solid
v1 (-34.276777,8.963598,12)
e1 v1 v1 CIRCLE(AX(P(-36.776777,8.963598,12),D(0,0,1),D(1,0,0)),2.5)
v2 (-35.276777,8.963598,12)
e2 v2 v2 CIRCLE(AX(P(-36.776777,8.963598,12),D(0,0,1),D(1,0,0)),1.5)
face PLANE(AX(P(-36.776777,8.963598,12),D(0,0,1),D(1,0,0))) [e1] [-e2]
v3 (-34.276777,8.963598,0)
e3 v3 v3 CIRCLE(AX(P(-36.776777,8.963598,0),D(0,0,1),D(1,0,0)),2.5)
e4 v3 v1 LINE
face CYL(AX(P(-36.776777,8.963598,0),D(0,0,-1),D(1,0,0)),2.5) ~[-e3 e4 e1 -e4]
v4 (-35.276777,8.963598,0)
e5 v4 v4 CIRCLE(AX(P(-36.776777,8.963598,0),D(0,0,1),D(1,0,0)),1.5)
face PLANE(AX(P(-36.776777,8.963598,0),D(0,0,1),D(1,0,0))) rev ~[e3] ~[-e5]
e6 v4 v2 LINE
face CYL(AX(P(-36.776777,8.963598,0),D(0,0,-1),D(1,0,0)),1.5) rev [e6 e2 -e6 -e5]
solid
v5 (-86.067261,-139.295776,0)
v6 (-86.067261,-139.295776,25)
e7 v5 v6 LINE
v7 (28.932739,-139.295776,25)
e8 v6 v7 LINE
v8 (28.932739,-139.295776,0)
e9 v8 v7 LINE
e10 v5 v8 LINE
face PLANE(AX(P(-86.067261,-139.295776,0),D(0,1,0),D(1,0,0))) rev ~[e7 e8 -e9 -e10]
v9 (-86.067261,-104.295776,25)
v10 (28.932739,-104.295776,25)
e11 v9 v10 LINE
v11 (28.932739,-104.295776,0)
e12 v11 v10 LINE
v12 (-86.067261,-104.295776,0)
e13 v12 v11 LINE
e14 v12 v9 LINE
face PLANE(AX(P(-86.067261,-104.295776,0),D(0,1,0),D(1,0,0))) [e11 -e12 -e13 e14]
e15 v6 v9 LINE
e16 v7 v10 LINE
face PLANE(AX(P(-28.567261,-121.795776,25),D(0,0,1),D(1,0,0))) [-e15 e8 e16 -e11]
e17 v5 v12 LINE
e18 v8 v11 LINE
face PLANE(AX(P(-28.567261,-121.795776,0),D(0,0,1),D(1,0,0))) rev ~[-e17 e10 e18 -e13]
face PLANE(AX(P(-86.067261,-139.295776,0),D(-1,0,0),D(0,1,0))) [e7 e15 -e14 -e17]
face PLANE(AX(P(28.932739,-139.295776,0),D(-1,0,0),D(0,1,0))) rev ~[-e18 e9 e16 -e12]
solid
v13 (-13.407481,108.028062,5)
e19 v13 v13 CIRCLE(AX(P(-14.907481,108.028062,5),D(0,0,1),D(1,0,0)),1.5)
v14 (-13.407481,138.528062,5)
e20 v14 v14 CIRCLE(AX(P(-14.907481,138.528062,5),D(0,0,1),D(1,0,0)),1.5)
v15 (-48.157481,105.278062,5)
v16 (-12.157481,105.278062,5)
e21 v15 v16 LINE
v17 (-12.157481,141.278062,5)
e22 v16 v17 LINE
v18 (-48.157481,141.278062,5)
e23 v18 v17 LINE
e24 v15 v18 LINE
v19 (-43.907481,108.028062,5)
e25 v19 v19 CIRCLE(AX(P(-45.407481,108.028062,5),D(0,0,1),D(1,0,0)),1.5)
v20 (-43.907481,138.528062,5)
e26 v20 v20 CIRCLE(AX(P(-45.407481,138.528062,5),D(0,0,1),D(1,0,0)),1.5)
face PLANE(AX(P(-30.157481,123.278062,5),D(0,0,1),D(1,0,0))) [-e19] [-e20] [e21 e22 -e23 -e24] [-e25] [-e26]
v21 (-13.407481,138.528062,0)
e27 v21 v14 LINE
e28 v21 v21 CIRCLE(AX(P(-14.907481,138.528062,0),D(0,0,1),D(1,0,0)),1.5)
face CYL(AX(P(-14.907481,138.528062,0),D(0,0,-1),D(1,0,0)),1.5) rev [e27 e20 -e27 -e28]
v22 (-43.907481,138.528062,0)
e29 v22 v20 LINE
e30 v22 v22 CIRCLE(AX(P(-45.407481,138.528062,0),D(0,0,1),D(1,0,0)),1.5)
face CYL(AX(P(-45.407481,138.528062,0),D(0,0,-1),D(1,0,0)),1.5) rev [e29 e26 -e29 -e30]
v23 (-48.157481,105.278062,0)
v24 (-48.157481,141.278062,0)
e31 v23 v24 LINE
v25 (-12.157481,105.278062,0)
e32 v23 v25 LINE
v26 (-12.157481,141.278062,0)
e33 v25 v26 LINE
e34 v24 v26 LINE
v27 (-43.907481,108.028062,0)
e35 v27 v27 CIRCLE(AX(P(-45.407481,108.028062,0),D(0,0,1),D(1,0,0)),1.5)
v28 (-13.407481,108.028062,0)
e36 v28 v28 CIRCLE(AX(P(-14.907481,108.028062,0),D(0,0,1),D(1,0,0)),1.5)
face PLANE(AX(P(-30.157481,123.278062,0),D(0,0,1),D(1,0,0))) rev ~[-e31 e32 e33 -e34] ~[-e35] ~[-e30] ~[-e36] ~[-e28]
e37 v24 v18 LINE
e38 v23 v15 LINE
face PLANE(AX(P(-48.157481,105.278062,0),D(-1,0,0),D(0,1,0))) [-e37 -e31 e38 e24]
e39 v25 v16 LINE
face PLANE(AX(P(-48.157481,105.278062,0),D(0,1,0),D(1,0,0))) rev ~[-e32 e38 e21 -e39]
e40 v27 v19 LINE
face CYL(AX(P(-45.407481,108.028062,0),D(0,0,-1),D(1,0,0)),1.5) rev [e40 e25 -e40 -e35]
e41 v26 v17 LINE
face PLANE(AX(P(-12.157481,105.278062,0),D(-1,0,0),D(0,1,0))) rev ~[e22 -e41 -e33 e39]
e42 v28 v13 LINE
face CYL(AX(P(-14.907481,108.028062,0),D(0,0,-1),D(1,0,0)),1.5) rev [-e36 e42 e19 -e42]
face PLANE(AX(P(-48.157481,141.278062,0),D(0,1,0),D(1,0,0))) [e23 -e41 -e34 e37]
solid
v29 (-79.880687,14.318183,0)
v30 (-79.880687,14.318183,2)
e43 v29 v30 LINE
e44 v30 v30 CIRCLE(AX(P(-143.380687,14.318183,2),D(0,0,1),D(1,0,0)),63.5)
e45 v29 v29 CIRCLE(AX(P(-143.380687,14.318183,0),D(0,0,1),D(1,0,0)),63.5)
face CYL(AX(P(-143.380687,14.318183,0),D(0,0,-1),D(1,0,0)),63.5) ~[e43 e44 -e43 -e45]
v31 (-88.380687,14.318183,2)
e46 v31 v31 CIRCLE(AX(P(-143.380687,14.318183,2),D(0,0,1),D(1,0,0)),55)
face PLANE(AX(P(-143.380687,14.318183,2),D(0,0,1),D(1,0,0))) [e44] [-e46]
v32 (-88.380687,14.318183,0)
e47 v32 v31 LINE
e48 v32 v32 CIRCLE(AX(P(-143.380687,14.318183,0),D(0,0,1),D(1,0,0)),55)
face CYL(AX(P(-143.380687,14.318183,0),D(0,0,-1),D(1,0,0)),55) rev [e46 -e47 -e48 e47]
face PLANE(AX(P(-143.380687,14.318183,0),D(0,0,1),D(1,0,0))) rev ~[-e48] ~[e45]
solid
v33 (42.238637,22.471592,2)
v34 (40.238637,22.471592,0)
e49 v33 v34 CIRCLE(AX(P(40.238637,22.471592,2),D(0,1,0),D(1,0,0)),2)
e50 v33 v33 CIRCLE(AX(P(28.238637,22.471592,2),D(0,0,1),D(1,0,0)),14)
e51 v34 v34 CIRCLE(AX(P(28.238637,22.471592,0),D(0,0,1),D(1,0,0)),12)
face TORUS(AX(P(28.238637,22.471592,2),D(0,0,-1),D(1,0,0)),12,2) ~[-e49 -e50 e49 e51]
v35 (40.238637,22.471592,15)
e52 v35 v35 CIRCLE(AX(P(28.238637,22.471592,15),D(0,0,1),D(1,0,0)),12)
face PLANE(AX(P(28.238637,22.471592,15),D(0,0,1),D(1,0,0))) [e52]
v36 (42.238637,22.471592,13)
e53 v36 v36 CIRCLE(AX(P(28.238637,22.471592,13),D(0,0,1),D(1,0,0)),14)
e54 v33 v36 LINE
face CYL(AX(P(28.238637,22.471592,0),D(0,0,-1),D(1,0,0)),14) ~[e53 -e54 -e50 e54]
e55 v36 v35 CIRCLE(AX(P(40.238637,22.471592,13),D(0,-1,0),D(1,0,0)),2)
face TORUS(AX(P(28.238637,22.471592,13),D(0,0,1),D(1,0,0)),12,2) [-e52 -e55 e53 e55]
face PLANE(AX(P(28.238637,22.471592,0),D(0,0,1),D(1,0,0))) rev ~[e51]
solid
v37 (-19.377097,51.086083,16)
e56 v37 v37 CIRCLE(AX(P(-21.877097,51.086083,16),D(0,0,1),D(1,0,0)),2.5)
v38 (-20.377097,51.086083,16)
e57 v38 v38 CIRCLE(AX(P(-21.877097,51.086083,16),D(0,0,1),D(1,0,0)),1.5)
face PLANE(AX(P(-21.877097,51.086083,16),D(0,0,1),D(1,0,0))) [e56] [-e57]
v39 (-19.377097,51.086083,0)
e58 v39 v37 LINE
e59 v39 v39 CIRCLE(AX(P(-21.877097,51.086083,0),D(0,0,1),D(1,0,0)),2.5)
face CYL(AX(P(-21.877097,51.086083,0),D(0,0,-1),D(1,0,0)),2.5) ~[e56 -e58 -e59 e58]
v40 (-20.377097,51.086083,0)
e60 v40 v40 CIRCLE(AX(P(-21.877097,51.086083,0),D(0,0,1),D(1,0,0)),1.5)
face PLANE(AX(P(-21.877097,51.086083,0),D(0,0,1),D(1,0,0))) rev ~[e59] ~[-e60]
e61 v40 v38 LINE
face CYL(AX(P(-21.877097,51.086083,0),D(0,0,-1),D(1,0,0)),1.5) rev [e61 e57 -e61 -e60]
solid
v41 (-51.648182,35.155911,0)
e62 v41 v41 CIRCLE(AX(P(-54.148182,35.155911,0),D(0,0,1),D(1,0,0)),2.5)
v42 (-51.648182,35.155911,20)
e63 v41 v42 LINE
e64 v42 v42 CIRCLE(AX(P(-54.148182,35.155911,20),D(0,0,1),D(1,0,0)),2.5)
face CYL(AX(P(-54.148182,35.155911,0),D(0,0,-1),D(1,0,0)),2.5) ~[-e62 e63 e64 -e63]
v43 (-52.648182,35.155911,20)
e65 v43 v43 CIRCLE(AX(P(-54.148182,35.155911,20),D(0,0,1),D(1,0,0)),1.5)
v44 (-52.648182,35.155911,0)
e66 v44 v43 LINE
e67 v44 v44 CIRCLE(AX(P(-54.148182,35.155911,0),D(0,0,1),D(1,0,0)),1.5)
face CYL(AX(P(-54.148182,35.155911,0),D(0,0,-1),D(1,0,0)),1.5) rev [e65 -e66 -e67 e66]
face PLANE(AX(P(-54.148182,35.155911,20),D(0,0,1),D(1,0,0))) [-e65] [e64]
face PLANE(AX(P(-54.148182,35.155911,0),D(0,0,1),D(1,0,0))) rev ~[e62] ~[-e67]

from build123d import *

# Parameters (mm, degrees)
F0_R      = 2.5
F0_R_2    = 1.5
F1_DEPTH  = 20
F2_R      = 14
F3_DEPTH  = 15
F4_R      = 2
F5_R      = 63.5
F5_R_2    = 55
F6_DEPTH  = 2
F7_R      = 2.5
F7_R_2    = 1.5
F8_DEPTH  = 16
F9_W      = 115
F9_H      = 35
F10_DEPTH = 25
F11_R     = 2.5
F11_R_2   = 1.5
F12_DEPTH = 12
F13_W     = 36
F13_H     = 36
F13_R     = 1.5
F14_DEPTH = 5


with BuildPart() as f1:
    # F0 (on Top) → F1 (new body)
    with BuildSketch(Plane.XY):
        with Locations((-54.148182, 35.155911)):
            Circle(F0_R)
        with Locations((-54.148182, 35.155911)):
            Circle(F0_R_2, mode=Mode.SUBTRACT)
    extrude(amount=F1_DEPTH)


with BuildPart() as f3:
    # F2 (on Top) → F3 (new body)
    with BuildSketch(Plane.XY):
        with Locations((28.238637, 22.471592)):
            Circle(F2_R)
    extrude(amount=F3_DEPTH)

    # F4
    f4_edges = [f3.edges().sort_by_distance(p)[0] for p in [
        (14.238637, 22.471592, 15),
        (14.238637, 22.471592, 0),
    ]]
    fillet(f4_edges, radius=F4_R)


with BuildPart() as f6:
    # F5 (on Top) → F6 (new body)
    with BuildSketch(Plane.XY):
        with Locations((-143.380687, 14.318183)):
            Circle(F5_R)
        with Locations((-143.380687, 14.318183)):
            Circle(F5_R_2, mode=Mode.SUBTRACT)
    extrude(amount=F6_DEPTH)


with BuildPart() as f8:
    # F7 (on Top) → F8 (new body)
    with BuildSketch(Plane.XY):
        with Locations((-21.877097, 51.086083)):
            Circle(F7_R)
        with Locations((-21.877097, 51.086083)):
            Circle(F7_R_2, mode=Mode.SUBTRACT)
    extrude(amount=F8_DEPTH)


with BuildPart() as f10:
    # F9 (on Top) → F10 (new body)
    with BuildSketch(Plane.XY):
        with Locations((-28.567261, -121.795776)):
            Rectangle(F9_W, F9_H)
    extrude(amount=F10_DEPTH)


with BuildPart() as f12:
    # F11 (on Top) → F12 (new body)
    with BuildSketch(Plane.XY):
        with Locations((-36.776777, 8.963598)):
            Circle(F11_R)
        with Locations((-36.776777, 8.963598)):
            Circle(F11_R_2, mode=Mode.SUBTRACT)
    extrude(amount=F12_DEPTH)


with BuildPart() as f14:
    # F13 (on Top) → F14 (new body)
    with BuildSketch(Plane.XY):
        with Locations((-30.157481, 123.278062)):
            Rectangle(F13_W, F13_H)
        with Locations((-45.407481, 108.028062)):
            Circle(F13_R, mode=Mode.SUBTRACT)
        with Locations((-14.907481, 108.028062)):
            Circle(F13_R, mode=Mode.SUBTRACT)
        with Locations((-45.407481, 138.528062)):
            Circle(F13_R, mode=Mode.SUBTRACT)
        with Locations((-14.907481, 138.528062)):
            Circle(F13_R, mode=Mode.SUBTRACT)
    extrude(amount=F14_DEPTH)


solid = Compound([f1.part, f3.part, f6.part, f8.part, f10.part, f12.part, f14.part])
